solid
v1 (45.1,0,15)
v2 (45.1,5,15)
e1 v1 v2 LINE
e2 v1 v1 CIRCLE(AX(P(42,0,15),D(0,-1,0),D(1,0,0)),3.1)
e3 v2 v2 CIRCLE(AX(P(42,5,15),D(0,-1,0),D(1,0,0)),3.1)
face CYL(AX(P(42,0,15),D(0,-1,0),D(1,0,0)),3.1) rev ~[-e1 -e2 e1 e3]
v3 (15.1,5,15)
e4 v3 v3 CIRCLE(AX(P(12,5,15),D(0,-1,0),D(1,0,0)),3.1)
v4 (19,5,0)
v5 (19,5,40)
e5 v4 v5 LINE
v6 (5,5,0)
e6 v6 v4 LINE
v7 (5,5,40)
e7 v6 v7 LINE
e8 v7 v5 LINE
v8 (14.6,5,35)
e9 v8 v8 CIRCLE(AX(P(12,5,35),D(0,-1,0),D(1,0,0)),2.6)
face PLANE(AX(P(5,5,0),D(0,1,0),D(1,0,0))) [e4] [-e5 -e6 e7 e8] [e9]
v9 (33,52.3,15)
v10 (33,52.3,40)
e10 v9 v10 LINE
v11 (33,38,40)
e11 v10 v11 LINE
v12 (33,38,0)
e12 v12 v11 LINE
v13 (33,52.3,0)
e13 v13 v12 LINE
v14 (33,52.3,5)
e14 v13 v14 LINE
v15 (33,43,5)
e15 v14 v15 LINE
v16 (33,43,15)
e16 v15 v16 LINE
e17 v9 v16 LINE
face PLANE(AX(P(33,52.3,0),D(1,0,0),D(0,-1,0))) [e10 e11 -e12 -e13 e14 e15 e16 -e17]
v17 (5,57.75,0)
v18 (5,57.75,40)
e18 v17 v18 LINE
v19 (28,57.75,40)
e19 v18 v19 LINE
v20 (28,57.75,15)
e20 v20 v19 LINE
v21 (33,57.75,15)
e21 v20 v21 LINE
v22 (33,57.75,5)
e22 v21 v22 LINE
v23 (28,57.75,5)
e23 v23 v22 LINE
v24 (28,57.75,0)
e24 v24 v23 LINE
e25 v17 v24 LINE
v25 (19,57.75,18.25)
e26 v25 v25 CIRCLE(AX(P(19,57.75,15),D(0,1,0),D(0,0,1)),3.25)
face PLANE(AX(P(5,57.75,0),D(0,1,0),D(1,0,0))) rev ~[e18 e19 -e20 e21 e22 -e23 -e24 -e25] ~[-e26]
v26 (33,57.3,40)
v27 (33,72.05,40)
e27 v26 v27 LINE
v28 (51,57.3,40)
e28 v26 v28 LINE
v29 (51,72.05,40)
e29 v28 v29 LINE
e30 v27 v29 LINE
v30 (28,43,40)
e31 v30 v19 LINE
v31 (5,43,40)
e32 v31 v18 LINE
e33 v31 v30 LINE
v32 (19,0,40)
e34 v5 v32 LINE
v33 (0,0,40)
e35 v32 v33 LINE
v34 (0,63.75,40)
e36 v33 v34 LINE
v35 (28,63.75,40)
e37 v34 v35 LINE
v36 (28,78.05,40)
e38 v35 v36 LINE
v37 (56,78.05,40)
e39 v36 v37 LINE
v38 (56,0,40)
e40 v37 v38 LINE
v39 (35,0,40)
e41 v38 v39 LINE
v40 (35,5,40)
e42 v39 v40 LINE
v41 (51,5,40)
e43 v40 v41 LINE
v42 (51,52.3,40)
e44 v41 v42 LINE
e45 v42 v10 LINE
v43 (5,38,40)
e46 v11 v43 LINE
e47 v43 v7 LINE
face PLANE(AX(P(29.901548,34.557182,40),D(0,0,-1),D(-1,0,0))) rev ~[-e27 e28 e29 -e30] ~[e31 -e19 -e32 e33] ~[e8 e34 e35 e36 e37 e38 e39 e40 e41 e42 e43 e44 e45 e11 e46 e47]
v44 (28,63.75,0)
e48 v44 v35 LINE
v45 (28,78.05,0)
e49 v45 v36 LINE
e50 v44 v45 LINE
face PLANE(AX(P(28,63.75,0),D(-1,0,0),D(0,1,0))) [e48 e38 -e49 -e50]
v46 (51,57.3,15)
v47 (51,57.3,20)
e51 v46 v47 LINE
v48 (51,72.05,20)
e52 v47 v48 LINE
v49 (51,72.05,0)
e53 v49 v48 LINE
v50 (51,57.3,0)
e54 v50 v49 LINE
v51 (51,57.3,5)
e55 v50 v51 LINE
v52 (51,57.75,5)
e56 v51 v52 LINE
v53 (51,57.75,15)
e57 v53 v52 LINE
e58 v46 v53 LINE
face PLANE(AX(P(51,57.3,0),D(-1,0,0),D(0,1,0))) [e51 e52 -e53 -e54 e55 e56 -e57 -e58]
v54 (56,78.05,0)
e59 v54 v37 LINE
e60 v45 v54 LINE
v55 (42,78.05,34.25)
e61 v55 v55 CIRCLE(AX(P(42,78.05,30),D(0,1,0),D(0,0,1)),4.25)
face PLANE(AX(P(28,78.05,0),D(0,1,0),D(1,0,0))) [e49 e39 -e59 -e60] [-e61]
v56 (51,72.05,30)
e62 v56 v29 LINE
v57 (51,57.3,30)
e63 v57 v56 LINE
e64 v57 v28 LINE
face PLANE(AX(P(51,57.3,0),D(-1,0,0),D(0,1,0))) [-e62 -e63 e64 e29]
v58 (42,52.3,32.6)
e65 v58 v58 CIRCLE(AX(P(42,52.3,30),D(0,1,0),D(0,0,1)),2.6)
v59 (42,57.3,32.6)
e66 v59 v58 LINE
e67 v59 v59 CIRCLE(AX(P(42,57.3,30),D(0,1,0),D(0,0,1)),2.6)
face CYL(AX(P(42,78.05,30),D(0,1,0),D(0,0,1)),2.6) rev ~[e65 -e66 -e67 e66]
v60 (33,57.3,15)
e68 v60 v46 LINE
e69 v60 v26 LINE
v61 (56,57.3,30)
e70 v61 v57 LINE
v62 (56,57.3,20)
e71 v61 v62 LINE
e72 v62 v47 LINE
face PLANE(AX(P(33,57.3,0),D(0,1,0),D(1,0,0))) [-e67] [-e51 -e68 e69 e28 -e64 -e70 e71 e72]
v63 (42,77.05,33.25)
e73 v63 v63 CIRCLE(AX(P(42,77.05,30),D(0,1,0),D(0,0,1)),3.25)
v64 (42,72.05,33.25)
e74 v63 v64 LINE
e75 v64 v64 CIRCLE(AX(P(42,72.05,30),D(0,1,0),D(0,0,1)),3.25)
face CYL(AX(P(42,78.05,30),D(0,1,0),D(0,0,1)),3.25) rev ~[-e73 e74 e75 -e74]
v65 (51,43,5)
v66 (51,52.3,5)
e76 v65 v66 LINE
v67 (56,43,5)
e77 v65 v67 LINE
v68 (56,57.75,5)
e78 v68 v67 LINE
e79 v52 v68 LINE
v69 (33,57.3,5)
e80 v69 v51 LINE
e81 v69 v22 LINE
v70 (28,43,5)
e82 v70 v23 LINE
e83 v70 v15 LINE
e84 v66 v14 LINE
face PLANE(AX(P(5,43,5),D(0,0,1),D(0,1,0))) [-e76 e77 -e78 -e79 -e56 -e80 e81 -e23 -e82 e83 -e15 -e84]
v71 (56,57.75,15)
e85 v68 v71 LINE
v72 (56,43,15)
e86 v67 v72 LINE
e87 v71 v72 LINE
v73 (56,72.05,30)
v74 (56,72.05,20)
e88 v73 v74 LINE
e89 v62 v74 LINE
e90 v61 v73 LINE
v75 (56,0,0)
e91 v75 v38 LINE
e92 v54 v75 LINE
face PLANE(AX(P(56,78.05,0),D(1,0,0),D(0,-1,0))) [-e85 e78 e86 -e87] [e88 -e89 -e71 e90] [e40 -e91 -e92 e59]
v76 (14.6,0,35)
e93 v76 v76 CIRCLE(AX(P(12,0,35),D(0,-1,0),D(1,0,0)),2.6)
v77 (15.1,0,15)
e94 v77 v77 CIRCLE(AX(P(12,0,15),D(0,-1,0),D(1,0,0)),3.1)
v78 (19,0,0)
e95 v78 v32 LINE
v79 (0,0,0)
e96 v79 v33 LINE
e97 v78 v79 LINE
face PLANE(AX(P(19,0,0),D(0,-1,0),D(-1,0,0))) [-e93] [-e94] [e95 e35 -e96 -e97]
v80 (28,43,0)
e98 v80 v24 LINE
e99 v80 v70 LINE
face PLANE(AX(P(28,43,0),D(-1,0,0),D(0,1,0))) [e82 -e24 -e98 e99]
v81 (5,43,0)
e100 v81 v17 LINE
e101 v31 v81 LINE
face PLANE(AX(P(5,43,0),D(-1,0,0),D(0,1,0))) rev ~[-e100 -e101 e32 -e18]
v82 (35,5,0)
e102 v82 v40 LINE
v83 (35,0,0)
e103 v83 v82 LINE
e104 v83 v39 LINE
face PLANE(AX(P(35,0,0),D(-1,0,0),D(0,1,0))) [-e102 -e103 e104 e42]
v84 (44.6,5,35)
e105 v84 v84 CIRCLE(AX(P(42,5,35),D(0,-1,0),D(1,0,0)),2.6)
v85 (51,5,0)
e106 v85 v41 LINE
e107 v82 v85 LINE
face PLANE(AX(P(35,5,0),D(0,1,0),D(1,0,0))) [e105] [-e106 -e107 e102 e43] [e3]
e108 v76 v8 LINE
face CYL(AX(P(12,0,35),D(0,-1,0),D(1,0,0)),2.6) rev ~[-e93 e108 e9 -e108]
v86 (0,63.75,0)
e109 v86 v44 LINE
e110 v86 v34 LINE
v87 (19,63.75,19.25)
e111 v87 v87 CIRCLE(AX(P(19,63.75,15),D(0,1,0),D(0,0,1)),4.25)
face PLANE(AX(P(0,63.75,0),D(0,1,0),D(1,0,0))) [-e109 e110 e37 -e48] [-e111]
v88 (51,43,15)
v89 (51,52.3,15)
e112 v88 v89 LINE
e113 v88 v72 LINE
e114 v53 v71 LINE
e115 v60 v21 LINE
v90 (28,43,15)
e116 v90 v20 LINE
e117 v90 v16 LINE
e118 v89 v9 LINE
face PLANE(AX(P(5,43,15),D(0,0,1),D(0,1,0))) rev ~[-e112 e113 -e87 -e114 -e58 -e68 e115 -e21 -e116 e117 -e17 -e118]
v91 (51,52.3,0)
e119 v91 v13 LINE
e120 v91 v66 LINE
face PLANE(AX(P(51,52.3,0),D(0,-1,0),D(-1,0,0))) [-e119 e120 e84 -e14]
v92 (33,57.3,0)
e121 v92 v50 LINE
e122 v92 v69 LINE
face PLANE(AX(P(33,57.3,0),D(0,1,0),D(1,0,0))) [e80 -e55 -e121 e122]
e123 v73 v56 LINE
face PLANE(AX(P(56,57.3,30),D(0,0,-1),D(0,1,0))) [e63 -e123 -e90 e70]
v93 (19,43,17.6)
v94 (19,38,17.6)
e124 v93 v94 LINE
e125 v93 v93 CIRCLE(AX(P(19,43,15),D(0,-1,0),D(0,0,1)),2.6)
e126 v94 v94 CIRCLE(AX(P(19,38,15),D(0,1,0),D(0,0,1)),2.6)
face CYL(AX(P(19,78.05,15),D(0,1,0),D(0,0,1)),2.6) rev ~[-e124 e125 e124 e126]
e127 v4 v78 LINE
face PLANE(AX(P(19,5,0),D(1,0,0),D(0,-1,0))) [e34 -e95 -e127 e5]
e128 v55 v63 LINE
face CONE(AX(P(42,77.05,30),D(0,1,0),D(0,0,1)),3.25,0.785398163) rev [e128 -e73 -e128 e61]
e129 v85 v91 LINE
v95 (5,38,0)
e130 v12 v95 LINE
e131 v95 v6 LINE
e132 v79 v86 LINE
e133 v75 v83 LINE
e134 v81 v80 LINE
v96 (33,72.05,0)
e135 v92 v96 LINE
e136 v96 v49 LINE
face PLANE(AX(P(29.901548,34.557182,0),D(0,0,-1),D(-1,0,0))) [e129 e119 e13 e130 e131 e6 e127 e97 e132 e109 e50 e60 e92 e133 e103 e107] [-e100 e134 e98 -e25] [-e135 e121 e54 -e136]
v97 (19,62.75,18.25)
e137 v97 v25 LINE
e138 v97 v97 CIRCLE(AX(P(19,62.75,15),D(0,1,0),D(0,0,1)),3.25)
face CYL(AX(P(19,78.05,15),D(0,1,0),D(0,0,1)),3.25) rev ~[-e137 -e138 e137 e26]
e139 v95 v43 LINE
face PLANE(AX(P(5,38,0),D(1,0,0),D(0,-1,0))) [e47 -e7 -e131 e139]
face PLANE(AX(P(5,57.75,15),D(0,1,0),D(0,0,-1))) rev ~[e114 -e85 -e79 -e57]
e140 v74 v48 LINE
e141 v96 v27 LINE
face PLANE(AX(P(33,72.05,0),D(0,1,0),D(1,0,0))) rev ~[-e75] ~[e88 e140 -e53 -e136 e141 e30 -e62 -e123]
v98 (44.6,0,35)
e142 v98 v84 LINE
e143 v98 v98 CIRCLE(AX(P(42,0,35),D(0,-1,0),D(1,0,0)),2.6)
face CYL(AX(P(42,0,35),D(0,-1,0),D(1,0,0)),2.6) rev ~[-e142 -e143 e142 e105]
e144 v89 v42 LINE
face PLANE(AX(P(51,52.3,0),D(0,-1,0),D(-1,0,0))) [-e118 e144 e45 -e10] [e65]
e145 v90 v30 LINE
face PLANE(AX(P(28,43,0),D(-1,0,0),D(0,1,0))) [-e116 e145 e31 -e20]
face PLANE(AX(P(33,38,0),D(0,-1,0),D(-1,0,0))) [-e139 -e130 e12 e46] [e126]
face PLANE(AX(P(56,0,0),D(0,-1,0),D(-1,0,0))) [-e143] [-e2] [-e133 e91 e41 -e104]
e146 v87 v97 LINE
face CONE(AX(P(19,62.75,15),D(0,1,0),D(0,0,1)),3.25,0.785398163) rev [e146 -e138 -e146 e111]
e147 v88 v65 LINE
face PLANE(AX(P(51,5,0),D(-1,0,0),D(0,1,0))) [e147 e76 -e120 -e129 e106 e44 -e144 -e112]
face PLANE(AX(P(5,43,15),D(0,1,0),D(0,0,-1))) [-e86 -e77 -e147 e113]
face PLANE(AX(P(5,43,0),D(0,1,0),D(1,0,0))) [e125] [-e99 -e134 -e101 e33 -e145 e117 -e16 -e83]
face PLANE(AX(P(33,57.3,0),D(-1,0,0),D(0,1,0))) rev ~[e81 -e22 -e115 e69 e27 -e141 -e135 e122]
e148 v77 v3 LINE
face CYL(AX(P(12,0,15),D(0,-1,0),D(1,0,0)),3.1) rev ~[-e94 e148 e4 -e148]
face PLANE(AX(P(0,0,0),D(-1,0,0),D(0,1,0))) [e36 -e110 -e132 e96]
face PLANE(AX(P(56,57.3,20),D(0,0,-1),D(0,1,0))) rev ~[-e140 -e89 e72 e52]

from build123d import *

# Parameters (mm, degrees)
SKETCH1_W           = 18
SKETCH1_H           = 14.75
SKETCH1_W_2         = 23
BOSS_EXTRUDE1_DEPTH = 40
CUT_EXTRUDE1_REACH  = 106.057
SKETCH2_R           = 2.6
CUT_EXTRUDE2_REACH  = 106.057
SKETCH3_W           = 10
SKETCH3_H           = 14.75
SKETCH4_W           = 10
SKETCH4_H           = 14.75
CUT_EXTRUDE3_DEPTH  = 102.453449917
CUT_EXTRUDE4_REACH  = 106.057
SKETCH6_R           = 3.25
CHAMFER1_SIZE       = 1
CUT_EXTRUDE5_REACH  = 106.057
SKETCH7_R           = 2.6
SKETCH7_R_2         = 3.1


with BuildPart() as part:
    # Sketch1 → Boss-Extrude1 (new body)
    with BuildSketch(Plane.XY):
        Polygon((0, 0), (0, 63.75), (28, 63.75), (28, 78.05), (56, 78.05), (56, 0), (35, 0), (35, 5), (51, 5), (51, 52.3), (33, 52.3), (33, 38), (5, 38), (5, 5), (19, 5), (19, 0), align=None)
        with Locations((42, 64.675)):
            Rectangle(SKETCH1_W, SKETCH1_H, mode=Mode.SUBTRACT)
        with Locations((16.5, 50.375)):
            Rectangle(SKETCH1_W_2, SKETCH1_H, mode=Mode.SUBTRACT)
    extrude(amount=BOSS_EXTRUDE1_DEPTH)

    # Cut-Extrude1: up to this face of the body (flat: up to its plane)
    cut_extrude1_end = Plane(part.part.faces().sort_by_distance((19, 38, 20))[0])
    # Sketch2 → Cut-Extrude1 (cut, up to the picked face)
    with BuildSketch(Plane(origin=(0, 78.05, 0), x_dir=(1, 0, 0), z_dir=(0, 1, 0)), mode=Mode.PRIVATE) as cut_extrude1_sk1:
        with Locations(Location((19, -15, 0), (0, 0, 270))):
            Circle(SKETCH2_R)
    cut_extrude1_tool1 = split(extrude(cut_extrude1_sk1.sketch, amount=-CUT_EXTRUDE1_REACH, mode=Mode.PRIVATE), bisect_by=cut_extrude1_end, keep=Keep.BOTH, mode=Mode.PRIVATE)
    # Sketch2 → Cut-Extrude1 (cut, up to the picked face)
    with BuildSketch(Plane(origin=(0, 78.05, 0), x_dir=(1, 0, 0), z_dir=(0, 1, 0)), mode=Mode.PRIVATE) as cut_extrude1_sk2:
        with Locations(Location((42, -30, 0), (0, 0, 270))):
            Circle(SKETCH2_R)
    cut_extrude1_tool2 = split(extrude(cut_extrude1_sk2.sketch, amount=-CUT_EXTRUDE1_REACH, mode=Mode.PRIVATE), bisect_by=cut_extrude1_end, keep=Keep.BOTH, mode=Mode.PRIVATE)
    add(cut_extrude1_tool1.solids().sort_by(Axis((19, 78.05, 15), (0, -1, 0)))[0], mode=Mode.SUBTRACT)
    add(cut_extrude1_tool2.solids().sort_by(Axis((42, 78.05, 30), (0, -1, 0)))[0], mode=Mode.SUBTRACT)

    # Sketch3 → Cut-Extrude2 (cut, up to next)
    with BuildSketch(Plane(origin=(56, 0, 0), x_dir=(0, 0, -1), z_dir=(1, 0, 0)), mode=Mode.PRIVATE) as cut_extrude2_sk1:
        with Locations((-25, 64.675)):
            Rectangle(SKETCH3_W, SKETCH3_H)
    cut_extrude2_tool1 = extrude(cut_extrude2_sk1.sketch, amount=-CUT_EXTRUDE2_REACH, mode=Mode.PRIVATE) & part.part
    add(cut_extrude2_tool1.solids().sort_by_distance((56, 64.675, 25))[0], mode=Mode.SUBTRACT)

    # Sketch4 → Cut-Extrude3 (cut, through all)
    with BuildSketch(Plane(origin=(5, 0, 0), x_dir=(0, 0, -1), z_dir=(1, 0, 0))):
        with Locations((-10, 50.375)):
            Rectangle(SKETCH4_W, SKETCH4_H)
    extrude(amount=CUT_EXTRUDE3_DEPTH, mode=Mode.SUBTRACT)

    # Sketch6 → Cut-Extrude4 (cut, up to next)
    with BuildSketch(Plane(origin=(0, 78.05, 0), x_dir=(1, 0, 0), z_dir=(0, 1, 0)), mode=Mode.PRIVATE) as cut_extrude4_sk1:
        with Locations(Location((19, -15, 0), (0, 0, 270))):
            Circle(SKETCH6_R)
    cut_extrude4_tool1 = extrude(cut_extrude4_sk1.sketch, amount=-CUT_EXTRUDE4_REACH, mode=Mode.PRIVATE) & part.part
    # Sketch6 → Cut-Extrude4 (cut, up to next)
    with BuildSketch(Plane(origin=(0, 78.05, 0), x_dir=(1, 0, 0), z_dir=(0, 1, 0)), mode=Mode.PRIVATE) as cut_extrude4_sk2:
        with Locations(Location((42, -30, 0), (0, 0, 270))):
            Circle(SKETCH6_R)
    cut_extrude4_tool2 = extrude(cut_extrude4_sk2.sketch, amount=-CUT_EXTRUDE4_REACH, mode=Mode.PRIVATE) & part.part
    add(cut_extrude4_tool1.solids().sort_by_distance((19, 78.05, 15))[0], mode=Mode.SUBTRACT)
    add(cut_extrude4_tool2.solids().sort_by_distance((42, 78.05, 30))[0], mode=Mode.SUBTRACT)

    # Chamfer1
    chamfer1_edges = [part.edges().sort_by_distance(p)[0] for p in [
        (19, 63.75, 11.75),
        (42, 78.05, 26.75),
    ]]
    chamfer(chamfer1_edges, length=CHAMFER1_SIZE)

    # Sketch7 → Cut-Extrude5 (cut, up to next)
    with BuildSketch(Plane.XZ, mode=Mode.PRIVATE) as cut_extrude5_sk1:
        with Locations((12, 35)):
            Circle(SKETCH7_R)
    cut_extrude5_tool1 = extrude(cut_extrude5_sk1.sketch, amount=-CUT_EXTRUDE5_REACH, mode=Mode.PRIVATE) & part.part
    # Sketch7 → Cut-Extrude5 (cut, up to next)
    with BuildSketch(Plane.XZ, mode=Mode.PRIVATE) as cut_extrude5_sk2:
        with Locations((42, 35)):
            Circle(SKETCH7_R)
    cut_extrude5_tool2 = extrude(cut_extrude5_sk2.sketch, amount=-CUT_EXTRUDE5_REACH, mode=Mode.PRIVATE) & part.part
    # Sketch7 → Cut-Extrude5 (cut, up to next)
    with BuildSketch(Plane.XZ, mode=Mode.PRIVATE) as cut_extrude5_sk3:
        with Locations((12, 15)):
            Circle(SKETCH7_R_2)
    cut_extrude5_tool3 = extrude(cut_extrude5_sk3.sketch, amount=-CUT_EXTRUDE5_REACH, mode=Mode.PRIVATE) & part.part
    # Sketch7 → Cut-Extrude5 (cut, up to next)
    with BuildSketch(Plane.XZ, mode=Mode.PRIVATE) as cut_extrude5_sk4:
        with Locations((42, 15)):
            Circle(SKETCH7_R_2)
    cut_extrude5_tool4 = extrude(cut_extrude5_sk4.sketch, amount=-CUT_EXTRUDE5_REACH, mode=Mode.PRIVATE) & part.part
    add(cut_extrude5_tool1.solids().sort_by_distance((12, 0, 35))[0], mode=Mode.SUBTRACT)
    add(cut_extrude5_tool2.solids().sort_by_distance((42, 0, 35))[0], mode=Mode.SUBTRACT)
    add(cut_extrude5_tool3.solids().sort_by_distance((12, 0, 15))[0], mode=Mode.SUBTRACT)
    add(cut_extrude5_tool4.solids().sort_by_distance((42, 0, 15))[0], mode=Mode.SUBTRACT)


solid = part.part
